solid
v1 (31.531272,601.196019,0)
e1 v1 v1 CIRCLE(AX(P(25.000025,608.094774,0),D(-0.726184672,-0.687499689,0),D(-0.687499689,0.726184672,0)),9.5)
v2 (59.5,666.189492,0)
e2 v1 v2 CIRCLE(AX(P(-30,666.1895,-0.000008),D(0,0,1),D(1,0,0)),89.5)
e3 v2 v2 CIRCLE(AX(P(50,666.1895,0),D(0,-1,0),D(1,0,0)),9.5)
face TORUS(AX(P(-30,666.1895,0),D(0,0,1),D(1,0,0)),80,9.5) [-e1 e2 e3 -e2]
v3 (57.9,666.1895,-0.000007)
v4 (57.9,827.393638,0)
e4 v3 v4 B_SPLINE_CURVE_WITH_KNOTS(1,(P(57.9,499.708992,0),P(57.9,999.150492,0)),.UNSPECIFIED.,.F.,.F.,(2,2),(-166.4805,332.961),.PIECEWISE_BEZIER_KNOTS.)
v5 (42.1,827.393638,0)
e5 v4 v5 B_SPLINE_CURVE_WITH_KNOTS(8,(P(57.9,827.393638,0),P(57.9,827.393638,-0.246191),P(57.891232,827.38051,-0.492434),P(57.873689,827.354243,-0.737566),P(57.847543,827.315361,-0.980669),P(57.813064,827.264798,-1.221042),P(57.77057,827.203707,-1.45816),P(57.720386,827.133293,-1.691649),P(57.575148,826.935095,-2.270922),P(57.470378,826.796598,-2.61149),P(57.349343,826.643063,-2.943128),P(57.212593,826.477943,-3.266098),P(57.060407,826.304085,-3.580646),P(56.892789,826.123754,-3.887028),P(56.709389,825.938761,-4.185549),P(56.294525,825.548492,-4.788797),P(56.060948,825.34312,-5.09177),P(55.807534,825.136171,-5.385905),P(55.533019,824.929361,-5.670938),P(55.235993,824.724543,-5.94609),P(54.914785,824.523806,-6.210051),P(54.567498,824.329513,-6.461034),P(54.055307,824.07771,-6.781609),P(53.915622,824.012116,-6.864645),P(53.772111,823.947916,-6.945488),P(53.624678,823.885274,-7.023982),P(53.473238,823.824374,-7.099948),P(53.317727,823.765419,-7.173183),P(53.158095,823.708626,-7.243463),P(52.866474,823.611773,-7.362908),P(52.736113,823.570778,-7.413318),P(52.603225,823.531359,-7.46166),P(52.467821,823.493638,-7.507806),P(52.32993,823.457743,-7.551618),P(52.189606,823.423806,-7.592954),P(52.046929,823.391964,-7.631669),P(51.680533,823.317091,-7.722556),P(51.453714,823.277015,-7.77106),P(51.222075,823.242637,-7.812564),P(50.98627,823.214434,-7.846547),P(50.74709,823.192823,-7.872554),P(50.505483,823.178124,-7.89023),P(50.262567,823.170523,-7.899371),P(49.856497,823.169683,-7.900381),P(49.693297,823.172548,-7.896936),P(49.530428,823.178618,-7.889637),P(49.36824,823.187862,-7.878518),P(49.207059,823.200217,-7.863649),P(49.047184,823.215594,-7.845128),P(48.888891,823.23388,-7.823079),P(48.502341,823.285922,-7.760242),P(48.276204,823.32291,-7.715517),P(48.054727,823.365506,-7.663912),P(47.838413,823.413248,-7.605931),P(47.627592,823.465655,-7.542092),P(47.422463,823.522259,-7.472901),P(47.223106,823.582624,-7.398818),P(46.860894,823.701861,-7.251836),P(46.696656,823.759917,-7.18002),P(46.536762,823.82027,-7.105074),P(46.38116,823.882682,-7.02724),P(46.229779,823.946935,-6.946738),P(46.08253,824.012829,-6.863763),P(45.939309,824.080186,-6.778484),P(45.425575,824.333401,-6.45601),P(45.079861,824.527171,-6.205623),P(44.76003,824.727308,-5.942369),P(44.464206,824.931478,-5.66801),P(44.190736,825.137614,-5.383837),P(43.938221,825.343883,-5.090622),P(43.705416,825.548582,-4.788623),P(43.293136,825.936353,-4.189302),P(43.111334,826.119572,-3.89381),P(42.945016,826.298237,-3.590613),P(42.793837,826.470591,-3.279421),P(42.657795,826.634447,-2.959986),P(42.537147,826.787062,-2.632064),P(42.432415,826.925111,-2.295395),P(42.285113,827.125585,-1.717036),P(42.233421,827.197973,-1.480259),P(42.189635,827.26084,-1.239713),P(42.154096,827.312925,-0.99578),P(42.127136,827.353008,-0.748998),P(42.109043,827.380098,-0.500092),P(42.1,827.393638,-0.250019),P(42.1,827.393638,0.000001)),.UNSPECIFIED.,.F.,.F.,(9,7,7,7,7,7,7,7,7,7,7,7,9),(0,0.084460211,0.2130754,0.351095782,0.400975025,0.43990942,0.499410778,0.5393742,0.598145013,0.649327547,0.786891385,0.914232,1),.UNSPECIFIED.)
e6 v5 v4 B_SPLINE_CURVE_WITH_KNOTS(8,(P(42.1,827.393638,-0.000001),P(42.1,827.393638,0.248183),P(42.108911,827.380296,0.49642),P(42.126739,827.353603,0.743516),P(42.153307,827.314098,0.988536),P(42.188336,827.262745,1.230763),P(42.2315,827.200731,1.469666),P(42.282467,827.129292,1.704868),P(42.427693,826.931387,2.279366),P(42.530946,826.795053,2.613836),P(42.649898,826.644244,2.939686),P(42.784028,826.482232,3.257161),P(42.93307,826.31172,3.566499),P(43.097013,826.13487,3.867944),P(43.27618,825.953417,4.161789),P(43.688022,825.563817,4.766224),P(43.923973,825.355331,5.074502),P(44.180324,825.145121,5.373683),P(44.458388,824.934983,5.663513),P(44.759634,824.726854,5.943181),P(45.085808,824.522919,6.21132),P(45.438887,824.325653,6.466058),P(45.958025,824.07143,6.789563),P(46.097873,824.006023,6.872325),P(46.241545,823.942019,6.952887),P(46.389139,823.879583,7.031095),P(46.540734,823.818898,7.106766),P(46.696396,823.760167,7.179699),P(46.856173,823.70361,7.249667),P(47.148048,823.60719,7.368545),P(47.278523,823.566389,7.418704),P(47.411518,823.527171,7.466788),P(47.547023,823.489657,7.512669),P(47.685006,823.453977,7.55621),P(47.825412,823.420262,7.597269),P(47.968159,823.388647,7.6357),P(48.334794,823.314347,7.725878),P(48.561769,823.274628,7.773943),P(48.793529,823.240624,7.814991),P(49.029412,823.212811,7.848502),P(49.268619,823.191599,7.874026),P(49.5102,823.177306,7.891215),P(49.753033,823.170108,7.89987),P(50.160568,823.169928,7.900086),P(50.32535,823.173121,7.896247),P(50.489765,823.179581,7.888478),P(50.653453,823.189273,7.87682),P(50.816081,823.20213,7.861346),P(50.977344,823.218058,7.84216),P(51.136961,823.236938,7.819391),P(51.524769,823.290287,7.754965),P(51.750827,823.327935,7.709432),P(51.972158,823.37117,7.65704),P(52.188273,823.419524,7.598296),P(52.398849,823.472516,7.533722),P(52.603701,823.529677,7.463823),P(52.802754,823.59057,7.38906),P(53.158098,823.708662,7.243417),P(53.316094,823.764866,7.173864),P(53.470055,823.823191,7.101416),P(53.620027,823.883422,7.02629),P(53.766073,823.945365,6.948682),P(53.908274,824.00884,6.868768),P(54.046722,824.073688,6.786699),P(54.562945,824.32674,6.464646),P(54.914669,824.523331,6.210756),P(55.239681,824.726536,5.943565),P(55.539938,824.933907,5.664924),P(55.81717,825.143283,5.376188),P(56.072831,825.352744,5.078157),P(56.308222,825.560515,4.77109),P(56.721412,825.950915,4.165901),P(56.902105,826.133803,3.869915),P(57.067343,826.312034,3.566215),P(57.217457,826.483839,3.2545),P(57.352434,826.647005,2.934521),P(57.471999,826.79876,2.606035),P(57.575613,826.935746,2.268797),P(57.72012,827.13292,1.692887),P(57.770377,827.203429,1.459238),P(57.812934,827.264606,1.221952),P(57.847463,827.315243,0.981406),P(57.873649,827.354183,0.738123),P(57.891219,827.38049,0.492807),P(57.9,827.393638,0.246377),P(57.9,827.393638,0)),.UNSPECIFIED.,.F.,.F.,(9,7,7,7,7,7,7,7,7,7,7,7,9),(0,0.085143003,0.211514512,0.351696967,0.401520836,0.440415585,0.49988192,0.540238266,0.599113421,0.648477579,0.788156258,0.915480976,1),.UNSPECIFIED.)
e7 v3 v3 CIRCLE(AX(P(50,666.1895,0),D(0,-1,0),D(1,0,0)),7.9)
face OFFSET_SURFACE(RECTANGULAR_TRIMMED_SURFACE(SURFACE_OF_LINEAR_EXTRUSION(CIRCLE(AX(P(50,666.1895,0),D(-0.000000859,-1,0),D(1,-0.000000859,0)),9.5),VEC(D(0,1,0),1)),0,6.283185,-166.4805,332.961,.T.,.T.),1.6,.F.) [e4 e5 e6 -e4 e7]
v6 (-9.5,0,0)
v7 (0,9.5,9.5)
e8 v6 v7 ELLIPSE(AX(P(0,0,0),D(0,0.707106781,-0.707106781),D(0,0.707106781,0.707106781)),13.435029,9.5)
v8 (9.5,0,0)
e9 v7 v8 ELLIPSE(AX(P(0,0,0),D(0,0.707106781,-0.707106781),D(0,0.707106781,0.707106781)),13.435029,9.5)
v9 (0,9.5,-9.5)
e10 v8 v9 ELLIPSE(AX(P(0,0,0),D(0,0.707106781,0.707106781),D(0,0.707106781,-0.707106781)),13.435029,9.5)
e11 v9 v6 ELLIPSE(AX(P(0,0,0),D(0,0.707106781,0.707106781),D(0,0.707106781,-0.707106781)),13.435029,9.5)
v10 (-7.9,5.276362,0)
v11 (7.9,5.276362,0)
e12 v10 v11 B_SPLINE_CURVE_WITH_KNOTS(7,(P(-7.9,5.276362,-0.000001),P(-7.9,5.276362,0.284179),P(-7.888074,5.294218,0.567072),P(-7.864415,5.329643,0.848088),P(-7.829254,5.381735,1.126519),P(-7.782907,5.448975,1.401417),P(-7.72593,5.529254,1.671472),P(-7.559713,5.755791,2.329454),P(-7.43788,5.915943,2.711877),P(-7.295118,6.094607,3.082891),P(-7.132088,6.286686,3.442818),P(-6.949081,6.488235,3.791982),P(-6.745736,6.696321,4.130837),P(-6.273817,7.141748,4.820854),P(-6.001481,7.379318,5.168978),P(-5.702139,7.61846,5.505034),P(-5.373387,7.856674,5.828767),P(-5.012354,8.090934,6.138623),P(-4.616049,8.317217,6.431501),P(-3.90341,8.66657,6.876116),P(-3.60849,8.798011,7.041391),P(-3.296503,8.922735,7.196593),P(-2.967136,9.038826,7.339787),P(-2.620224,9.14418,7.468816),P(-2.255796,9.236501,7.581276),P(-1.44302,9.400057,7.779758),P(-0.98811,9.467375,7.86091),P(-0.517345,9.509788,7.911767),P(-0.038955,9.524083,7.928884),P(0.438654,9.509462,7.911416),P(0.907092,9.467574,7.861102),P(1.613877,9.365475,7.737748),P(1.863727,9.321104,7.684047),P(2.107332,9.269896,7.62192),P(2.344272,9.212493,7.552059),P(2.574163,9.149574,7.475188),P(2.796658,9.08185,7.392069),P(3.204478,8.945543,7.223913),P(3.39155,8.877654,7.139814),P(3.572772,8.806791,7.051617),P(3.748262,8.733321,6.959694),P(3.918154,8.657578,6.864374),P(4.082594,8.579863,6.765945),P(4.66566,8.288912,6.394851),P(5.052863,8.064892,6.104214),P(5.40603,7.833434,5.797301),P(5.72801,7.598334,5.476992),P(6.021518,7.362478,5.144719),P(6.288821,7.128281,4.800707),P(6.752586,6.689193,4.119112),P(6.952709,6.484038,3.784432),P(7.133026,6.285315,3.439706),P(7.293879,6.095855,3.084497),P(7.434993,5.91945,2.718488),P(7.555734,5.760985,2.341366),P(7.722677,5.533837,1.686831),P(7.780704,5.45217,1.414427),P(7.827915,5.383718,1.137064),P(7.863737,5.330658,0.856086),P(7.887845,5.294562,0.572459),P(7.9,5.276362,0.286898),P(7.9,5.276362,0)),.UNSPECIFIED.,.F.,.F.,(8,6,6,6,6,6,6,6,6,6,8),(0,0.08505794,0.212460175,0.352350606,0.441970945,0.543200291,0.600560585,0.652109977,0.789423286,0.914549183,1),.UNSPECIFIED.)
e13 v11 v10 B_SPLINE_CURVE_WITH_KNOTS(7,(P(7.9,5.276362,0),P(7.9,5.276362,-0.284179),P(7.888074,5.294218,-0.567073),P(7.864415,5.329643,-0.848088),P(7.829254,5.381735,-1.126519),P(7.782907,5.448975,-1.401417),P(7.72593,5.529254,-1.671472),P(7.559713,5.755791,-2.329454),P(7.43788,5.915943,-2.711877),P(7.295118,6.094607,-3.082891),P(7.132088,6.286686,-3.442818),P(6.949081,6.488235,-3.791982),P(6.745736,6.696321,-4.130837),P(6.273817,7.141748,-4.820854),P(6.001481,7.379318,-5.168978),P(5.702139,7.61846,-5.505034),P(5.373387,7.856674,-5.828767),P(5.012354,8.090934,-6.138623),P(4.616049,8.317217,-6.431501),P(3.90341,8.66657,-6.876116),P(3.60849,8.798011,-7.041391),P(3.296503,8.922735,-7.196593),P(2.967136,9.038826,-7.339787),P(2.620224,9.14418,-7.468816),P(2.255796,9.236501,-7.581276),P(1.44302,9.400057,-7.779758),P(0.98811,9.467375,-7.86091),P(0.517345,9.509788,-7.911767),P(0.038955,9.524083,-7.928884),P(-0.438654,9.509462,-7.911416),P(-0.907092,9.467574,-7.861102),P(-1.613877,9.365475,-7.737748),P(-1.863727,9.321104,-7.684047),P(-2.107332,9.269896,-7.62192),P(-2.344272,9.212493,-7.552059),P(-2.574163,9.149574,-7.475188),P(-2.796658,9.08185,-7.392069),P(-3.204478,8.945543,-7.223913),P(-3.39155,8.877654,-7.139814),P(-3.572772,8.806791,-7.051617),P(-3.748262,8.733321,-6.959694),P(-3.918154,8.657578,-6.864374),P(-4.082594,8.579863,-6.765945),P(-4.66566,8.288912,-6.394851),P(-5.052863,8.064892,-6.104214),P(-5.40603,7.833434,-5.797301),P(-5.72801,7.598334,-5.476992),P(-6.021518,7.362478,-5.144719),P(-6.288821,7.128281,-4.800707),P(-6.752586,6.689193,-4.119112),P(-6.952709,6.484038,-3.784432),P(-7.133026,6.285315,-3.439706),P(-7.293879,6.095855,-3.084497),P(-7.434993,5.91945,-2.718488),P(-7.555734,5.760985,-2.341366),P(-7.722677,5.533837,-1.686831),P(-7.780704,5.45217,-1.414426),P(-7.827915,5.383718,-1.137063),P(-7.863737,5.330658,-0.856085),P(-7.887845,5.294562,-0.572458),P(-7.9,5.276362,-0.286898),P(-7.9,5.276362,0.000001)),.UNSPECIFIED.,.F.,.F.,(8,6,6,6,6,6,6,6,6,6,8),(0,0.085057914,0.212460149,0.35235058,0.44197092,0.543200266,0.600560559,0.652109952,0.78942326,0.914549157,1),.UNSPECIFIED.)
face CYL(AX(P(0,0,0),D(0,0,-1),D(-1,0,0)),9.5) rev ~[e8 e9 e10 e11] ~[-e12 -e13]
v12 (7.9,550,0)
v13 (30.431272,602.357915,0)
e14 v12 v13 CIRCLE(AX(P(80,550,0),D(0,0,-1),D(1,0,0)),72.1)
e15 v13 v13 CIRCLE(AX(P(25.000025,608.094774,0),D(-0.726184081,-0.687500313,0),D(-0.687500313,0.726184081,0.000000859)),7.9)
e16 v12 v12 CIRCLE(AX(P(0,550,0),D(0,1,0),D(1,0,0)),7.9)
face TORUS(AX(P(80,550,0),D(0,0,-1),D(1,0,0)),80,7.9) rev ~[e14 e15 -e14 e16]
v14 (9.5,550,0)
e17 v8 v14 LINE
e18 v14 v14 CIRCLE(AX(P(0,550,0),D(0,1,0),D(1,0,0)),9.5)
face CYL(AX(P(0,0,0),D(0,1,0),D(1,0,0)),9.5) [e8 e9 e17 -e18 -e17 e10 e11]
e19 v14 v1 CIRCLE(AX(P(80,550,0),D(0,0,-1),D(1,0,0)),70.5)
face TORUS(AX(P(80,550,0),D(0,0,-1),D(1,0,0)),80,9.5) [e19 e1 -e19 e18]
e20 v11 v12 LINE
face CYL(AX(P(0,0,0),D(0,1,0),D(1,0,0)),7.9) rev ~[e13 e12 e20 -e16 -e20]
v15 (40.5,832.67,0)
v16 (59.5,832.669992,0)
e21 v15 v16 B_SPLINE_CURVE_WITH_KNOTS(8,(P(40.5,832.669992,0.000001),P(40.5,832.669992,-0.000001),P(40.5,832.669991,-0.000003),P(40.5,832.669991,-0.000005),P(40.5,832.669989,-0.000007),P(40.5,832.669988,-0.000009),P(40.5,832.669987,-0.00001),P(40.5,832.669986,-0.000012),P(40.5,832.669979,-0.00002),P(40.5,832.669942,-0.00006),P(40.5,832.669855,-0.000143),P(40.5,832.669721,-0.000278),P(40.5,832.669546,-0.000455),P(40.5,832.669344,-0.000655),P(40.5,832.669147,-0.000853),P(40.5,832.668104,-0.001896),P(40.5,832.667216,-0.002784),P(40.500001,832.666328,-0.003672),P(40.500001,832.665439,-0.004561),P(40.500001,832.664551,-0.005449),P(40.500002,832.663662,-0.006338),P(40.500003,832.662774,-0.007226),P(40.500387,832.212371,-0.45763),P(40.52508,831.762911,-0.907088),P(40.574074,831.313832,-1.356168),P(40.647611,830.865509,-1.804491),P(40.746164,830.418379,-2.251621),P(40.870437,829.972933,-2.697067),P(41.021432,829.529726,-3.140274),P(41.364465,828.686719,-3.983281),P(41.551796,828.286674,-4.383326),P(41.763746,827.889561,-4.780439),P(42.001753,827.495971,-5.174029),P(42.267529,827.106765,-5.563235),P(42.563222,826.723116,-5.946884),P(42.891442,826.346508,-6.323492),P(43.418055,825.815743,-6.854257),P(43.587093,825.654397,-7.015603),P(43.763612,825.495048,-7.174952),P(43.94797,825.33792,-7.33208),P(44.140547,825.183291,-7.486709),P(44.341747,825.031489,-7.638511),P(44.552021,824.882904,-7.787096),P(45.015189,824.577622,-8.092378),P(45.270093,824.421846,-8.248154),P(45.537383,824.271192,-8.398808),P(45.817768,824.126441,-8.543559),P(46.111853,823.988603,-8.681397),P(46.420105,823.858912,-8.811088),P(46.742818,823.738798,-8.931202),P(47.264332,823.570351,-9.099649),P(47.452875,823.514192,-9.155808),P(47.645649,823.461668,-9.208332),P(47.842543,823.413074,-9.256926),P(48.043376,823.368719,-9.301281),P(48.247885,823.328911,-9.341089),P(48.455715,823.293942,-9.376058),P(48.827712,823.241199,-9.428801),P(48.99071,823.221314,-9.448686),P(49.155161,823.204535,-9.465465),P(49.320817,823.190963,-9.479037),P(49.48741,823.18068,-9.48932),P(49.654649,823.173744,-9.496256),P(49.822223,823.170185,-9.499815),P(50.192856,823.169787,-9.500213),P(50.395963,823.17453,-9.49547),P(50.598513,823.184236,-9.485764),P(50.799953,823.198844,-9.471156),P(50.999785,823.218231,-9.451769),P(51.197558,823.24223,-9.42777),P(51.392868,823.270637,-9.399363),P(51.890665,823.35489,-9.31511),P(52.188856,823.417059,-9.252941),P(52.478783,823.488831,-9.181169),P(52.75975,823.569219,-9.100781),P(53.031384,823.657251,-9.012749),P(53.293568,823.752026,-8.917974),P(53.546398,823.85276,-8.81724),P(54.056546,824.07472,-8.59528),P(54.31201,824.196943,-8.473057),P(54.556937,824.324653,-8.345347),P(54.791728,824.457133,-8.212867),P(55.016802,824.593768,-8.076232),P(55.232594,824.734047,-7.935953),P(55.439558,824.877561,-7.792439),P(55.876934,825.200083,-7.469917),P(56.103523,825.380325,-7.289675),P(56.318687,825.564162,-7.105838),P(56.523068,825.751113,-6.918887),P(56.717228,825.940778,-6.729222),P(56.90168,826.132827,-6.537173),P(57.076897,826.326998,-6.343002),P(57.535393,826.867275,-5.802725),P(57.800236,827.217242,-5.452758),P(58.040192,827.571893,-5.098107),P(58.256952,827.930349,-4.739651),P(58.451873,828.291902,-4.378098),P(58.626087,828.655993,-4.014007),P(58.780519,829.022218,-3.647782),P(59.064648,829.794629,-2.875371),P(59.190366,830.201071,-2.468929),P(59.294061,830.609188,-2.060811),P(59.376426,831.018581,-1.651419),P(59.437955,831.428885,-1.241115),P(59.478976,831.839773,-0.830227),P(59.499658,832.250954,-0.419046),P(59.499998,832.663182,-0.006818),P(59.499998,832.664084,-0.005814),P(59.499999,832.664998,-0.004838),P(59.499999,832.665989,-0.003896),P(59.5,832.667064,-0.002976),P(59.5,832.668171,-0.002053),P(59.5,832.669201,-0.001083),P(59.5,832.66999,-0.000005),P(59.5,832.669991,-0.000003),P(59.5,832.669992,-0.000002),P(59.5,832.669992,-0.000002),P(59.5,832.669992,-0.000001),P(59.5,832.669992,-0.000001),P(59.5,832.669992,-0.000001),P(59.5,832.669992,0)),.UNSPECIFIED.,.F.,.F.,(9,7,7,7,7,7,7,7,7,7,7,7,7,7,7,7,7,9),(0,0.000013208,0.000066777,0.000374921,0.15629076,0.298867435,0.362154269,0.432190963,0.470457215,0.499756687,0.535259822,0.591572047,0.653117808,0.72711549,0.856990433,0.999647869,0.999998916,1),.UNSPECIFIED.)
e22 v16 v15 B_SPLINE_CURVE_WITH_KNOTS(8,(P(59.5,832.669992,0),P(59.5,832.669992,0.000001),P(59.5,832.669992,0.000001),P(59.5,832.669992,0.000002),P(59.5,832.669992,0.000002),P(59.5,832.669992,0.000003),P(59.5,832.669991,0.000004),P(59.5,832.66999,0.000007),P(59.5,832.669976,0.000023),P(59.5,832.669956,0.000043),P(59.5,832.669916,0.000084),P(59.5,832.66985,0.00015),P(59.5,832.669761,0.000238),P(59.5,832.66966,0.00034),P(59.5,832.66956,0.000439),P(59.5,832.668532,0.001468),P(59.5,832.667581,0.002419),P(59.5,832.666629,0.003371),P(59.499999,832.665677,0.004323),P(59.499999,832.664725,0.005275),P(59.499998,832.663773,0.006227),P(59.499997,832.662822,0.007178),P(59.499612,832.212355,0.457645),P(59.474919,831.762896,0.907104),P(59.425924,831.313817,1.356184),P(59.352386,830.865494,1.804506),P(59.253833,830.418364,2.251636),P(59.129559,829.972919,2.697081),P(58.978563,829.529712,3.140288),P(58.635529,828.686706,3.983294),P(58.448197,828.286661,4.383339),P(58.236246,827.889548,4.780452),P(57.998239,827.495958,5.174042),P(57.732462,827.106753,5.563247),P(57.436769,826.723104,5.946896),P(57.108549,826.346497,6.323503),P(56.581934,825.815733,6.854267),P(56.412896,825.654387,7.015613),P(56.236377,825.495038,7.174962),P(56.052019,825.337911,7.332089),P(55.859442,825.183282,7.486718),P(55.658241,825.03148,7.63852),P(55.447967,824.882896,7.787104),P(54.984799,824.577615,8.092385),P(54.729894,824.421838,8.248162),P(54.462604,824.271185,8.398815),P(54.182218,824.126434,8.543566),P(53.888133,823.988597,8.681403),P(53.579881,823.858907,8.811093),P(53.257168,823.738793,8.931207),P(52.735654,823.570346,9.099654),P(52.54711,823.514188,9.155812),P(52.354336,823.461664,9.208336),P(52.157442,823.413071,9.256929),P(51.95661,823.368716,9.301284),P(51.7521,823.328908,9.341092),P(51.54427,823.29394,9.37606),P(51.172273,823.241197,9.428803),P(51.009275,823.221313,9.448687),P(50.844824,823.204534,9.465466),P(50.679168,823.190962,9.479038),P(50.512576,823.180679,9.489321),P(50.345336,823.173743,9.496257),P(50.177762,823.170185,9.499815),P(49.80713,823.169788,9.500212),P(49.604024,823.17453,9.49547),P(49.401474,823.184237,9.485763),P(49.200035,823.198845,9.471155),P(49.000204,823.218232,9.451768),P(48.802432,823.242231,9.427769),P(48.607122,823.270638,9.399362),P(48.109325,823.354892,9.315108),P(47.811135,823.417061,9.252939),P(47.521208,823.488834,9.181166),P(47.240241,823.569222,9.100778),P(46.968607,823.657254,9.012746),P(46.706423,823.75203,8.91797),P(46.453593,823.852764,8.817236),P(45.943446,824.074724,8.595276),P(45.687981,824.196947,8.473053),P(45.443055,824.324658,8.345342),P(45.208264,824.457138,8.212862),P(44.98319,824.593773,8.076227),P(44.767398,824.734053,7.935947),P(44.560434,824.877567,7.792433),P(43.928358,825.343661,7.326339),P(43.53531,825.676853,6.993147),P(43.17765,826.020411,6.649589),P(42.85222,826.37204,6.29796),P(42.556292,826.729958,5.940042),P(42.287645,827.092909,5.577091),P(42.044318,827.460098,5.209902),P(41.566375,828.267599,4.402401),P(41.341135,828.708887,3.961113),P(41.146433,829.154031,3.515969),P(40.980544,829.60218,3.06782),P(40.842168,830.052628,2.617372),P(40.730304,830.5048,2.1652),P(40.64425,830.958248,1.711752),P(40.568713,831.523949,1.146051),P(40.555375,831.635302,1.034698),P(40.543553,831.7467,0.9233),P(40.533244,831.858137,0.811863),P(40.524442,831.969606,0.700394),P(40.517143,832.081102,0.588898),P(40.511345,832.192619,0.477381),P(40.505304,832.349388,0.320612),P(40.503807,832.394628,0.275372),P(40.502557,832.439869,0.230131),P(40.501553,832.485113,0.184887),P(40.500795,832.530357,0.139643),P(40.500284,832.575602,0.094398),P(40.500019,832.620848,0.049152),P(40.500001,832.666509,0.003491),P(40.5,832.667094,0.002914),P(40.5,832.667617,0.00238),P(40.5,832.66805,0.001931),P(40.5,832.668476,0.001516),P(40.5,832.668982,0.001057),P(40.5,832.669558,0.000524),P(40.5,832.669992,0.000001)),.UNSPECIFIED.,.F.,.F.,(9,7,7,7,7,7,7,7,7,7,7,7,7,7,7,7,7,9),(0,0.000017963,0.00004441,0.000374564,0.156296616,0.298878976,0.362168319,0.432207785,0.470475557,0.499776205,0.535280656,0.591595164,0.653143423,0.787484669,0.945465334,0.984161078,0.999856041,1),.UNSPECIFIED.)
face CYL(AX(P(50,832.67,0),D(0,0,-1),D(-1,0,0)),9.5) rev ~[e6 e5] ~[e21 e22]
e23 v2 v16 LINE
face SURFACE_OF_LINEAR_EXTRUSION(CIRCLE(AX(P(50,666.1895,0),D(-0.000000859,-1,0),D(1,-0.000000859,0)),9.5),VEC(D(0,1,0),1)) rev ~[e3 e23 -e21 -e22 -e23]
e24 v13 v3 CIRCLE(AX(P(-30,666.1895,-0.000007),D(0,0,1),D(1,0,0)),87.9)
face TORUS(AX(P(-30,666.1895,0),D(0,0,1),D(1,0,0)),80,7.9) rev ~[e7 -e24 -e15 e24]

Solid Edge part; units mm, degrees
sketch "Sketch1" plane through (0, 0, 0) normal (0, 0, 1) x (1, 0, 0)
  line L0 (0, 0) -> (0, 550)
  arc A0 (0, 550) -> (25, 608.0948) centre (80, 550) cw
  arc A1 (25, 608.0948) -> (50, 666.1895) centre (-30, 666.1895) ccw
  line L1 (50, 666.1895) -> (50, 832.67)
  dimension "D1" = 50
  dimension "D2" = 550
  dimension "D3" = 832.67
  dimension "D4" = 80
sketch "Sketch2" plane through (0, 0, 0) normal (0, -1, 0) x (1, 0, 0)
  circle A0 centre (0, 0) radius 9.5
sweep "SweptProtrusion_1" add profiles "Sketch2" path "Sketch1"
shell "Thinwall_1" thickness 1.6 removed faces 2 at (-6.1433, 0, 6.5233) at (56.5233, 832.67, 6.1433)
sketch "Sketch3" plane through (0, 0, 0) normal (0, 0, -1) x (-1, 0, 0)
  circle A0 centre (0, 0) radius 9.5
  circle A1 centre (-50, 832.67) radius 9.5
extrude "Cutout1" cut sketch "Sketch3" along normal through all and the other way through all
properties material "Aluminum, 1060"
